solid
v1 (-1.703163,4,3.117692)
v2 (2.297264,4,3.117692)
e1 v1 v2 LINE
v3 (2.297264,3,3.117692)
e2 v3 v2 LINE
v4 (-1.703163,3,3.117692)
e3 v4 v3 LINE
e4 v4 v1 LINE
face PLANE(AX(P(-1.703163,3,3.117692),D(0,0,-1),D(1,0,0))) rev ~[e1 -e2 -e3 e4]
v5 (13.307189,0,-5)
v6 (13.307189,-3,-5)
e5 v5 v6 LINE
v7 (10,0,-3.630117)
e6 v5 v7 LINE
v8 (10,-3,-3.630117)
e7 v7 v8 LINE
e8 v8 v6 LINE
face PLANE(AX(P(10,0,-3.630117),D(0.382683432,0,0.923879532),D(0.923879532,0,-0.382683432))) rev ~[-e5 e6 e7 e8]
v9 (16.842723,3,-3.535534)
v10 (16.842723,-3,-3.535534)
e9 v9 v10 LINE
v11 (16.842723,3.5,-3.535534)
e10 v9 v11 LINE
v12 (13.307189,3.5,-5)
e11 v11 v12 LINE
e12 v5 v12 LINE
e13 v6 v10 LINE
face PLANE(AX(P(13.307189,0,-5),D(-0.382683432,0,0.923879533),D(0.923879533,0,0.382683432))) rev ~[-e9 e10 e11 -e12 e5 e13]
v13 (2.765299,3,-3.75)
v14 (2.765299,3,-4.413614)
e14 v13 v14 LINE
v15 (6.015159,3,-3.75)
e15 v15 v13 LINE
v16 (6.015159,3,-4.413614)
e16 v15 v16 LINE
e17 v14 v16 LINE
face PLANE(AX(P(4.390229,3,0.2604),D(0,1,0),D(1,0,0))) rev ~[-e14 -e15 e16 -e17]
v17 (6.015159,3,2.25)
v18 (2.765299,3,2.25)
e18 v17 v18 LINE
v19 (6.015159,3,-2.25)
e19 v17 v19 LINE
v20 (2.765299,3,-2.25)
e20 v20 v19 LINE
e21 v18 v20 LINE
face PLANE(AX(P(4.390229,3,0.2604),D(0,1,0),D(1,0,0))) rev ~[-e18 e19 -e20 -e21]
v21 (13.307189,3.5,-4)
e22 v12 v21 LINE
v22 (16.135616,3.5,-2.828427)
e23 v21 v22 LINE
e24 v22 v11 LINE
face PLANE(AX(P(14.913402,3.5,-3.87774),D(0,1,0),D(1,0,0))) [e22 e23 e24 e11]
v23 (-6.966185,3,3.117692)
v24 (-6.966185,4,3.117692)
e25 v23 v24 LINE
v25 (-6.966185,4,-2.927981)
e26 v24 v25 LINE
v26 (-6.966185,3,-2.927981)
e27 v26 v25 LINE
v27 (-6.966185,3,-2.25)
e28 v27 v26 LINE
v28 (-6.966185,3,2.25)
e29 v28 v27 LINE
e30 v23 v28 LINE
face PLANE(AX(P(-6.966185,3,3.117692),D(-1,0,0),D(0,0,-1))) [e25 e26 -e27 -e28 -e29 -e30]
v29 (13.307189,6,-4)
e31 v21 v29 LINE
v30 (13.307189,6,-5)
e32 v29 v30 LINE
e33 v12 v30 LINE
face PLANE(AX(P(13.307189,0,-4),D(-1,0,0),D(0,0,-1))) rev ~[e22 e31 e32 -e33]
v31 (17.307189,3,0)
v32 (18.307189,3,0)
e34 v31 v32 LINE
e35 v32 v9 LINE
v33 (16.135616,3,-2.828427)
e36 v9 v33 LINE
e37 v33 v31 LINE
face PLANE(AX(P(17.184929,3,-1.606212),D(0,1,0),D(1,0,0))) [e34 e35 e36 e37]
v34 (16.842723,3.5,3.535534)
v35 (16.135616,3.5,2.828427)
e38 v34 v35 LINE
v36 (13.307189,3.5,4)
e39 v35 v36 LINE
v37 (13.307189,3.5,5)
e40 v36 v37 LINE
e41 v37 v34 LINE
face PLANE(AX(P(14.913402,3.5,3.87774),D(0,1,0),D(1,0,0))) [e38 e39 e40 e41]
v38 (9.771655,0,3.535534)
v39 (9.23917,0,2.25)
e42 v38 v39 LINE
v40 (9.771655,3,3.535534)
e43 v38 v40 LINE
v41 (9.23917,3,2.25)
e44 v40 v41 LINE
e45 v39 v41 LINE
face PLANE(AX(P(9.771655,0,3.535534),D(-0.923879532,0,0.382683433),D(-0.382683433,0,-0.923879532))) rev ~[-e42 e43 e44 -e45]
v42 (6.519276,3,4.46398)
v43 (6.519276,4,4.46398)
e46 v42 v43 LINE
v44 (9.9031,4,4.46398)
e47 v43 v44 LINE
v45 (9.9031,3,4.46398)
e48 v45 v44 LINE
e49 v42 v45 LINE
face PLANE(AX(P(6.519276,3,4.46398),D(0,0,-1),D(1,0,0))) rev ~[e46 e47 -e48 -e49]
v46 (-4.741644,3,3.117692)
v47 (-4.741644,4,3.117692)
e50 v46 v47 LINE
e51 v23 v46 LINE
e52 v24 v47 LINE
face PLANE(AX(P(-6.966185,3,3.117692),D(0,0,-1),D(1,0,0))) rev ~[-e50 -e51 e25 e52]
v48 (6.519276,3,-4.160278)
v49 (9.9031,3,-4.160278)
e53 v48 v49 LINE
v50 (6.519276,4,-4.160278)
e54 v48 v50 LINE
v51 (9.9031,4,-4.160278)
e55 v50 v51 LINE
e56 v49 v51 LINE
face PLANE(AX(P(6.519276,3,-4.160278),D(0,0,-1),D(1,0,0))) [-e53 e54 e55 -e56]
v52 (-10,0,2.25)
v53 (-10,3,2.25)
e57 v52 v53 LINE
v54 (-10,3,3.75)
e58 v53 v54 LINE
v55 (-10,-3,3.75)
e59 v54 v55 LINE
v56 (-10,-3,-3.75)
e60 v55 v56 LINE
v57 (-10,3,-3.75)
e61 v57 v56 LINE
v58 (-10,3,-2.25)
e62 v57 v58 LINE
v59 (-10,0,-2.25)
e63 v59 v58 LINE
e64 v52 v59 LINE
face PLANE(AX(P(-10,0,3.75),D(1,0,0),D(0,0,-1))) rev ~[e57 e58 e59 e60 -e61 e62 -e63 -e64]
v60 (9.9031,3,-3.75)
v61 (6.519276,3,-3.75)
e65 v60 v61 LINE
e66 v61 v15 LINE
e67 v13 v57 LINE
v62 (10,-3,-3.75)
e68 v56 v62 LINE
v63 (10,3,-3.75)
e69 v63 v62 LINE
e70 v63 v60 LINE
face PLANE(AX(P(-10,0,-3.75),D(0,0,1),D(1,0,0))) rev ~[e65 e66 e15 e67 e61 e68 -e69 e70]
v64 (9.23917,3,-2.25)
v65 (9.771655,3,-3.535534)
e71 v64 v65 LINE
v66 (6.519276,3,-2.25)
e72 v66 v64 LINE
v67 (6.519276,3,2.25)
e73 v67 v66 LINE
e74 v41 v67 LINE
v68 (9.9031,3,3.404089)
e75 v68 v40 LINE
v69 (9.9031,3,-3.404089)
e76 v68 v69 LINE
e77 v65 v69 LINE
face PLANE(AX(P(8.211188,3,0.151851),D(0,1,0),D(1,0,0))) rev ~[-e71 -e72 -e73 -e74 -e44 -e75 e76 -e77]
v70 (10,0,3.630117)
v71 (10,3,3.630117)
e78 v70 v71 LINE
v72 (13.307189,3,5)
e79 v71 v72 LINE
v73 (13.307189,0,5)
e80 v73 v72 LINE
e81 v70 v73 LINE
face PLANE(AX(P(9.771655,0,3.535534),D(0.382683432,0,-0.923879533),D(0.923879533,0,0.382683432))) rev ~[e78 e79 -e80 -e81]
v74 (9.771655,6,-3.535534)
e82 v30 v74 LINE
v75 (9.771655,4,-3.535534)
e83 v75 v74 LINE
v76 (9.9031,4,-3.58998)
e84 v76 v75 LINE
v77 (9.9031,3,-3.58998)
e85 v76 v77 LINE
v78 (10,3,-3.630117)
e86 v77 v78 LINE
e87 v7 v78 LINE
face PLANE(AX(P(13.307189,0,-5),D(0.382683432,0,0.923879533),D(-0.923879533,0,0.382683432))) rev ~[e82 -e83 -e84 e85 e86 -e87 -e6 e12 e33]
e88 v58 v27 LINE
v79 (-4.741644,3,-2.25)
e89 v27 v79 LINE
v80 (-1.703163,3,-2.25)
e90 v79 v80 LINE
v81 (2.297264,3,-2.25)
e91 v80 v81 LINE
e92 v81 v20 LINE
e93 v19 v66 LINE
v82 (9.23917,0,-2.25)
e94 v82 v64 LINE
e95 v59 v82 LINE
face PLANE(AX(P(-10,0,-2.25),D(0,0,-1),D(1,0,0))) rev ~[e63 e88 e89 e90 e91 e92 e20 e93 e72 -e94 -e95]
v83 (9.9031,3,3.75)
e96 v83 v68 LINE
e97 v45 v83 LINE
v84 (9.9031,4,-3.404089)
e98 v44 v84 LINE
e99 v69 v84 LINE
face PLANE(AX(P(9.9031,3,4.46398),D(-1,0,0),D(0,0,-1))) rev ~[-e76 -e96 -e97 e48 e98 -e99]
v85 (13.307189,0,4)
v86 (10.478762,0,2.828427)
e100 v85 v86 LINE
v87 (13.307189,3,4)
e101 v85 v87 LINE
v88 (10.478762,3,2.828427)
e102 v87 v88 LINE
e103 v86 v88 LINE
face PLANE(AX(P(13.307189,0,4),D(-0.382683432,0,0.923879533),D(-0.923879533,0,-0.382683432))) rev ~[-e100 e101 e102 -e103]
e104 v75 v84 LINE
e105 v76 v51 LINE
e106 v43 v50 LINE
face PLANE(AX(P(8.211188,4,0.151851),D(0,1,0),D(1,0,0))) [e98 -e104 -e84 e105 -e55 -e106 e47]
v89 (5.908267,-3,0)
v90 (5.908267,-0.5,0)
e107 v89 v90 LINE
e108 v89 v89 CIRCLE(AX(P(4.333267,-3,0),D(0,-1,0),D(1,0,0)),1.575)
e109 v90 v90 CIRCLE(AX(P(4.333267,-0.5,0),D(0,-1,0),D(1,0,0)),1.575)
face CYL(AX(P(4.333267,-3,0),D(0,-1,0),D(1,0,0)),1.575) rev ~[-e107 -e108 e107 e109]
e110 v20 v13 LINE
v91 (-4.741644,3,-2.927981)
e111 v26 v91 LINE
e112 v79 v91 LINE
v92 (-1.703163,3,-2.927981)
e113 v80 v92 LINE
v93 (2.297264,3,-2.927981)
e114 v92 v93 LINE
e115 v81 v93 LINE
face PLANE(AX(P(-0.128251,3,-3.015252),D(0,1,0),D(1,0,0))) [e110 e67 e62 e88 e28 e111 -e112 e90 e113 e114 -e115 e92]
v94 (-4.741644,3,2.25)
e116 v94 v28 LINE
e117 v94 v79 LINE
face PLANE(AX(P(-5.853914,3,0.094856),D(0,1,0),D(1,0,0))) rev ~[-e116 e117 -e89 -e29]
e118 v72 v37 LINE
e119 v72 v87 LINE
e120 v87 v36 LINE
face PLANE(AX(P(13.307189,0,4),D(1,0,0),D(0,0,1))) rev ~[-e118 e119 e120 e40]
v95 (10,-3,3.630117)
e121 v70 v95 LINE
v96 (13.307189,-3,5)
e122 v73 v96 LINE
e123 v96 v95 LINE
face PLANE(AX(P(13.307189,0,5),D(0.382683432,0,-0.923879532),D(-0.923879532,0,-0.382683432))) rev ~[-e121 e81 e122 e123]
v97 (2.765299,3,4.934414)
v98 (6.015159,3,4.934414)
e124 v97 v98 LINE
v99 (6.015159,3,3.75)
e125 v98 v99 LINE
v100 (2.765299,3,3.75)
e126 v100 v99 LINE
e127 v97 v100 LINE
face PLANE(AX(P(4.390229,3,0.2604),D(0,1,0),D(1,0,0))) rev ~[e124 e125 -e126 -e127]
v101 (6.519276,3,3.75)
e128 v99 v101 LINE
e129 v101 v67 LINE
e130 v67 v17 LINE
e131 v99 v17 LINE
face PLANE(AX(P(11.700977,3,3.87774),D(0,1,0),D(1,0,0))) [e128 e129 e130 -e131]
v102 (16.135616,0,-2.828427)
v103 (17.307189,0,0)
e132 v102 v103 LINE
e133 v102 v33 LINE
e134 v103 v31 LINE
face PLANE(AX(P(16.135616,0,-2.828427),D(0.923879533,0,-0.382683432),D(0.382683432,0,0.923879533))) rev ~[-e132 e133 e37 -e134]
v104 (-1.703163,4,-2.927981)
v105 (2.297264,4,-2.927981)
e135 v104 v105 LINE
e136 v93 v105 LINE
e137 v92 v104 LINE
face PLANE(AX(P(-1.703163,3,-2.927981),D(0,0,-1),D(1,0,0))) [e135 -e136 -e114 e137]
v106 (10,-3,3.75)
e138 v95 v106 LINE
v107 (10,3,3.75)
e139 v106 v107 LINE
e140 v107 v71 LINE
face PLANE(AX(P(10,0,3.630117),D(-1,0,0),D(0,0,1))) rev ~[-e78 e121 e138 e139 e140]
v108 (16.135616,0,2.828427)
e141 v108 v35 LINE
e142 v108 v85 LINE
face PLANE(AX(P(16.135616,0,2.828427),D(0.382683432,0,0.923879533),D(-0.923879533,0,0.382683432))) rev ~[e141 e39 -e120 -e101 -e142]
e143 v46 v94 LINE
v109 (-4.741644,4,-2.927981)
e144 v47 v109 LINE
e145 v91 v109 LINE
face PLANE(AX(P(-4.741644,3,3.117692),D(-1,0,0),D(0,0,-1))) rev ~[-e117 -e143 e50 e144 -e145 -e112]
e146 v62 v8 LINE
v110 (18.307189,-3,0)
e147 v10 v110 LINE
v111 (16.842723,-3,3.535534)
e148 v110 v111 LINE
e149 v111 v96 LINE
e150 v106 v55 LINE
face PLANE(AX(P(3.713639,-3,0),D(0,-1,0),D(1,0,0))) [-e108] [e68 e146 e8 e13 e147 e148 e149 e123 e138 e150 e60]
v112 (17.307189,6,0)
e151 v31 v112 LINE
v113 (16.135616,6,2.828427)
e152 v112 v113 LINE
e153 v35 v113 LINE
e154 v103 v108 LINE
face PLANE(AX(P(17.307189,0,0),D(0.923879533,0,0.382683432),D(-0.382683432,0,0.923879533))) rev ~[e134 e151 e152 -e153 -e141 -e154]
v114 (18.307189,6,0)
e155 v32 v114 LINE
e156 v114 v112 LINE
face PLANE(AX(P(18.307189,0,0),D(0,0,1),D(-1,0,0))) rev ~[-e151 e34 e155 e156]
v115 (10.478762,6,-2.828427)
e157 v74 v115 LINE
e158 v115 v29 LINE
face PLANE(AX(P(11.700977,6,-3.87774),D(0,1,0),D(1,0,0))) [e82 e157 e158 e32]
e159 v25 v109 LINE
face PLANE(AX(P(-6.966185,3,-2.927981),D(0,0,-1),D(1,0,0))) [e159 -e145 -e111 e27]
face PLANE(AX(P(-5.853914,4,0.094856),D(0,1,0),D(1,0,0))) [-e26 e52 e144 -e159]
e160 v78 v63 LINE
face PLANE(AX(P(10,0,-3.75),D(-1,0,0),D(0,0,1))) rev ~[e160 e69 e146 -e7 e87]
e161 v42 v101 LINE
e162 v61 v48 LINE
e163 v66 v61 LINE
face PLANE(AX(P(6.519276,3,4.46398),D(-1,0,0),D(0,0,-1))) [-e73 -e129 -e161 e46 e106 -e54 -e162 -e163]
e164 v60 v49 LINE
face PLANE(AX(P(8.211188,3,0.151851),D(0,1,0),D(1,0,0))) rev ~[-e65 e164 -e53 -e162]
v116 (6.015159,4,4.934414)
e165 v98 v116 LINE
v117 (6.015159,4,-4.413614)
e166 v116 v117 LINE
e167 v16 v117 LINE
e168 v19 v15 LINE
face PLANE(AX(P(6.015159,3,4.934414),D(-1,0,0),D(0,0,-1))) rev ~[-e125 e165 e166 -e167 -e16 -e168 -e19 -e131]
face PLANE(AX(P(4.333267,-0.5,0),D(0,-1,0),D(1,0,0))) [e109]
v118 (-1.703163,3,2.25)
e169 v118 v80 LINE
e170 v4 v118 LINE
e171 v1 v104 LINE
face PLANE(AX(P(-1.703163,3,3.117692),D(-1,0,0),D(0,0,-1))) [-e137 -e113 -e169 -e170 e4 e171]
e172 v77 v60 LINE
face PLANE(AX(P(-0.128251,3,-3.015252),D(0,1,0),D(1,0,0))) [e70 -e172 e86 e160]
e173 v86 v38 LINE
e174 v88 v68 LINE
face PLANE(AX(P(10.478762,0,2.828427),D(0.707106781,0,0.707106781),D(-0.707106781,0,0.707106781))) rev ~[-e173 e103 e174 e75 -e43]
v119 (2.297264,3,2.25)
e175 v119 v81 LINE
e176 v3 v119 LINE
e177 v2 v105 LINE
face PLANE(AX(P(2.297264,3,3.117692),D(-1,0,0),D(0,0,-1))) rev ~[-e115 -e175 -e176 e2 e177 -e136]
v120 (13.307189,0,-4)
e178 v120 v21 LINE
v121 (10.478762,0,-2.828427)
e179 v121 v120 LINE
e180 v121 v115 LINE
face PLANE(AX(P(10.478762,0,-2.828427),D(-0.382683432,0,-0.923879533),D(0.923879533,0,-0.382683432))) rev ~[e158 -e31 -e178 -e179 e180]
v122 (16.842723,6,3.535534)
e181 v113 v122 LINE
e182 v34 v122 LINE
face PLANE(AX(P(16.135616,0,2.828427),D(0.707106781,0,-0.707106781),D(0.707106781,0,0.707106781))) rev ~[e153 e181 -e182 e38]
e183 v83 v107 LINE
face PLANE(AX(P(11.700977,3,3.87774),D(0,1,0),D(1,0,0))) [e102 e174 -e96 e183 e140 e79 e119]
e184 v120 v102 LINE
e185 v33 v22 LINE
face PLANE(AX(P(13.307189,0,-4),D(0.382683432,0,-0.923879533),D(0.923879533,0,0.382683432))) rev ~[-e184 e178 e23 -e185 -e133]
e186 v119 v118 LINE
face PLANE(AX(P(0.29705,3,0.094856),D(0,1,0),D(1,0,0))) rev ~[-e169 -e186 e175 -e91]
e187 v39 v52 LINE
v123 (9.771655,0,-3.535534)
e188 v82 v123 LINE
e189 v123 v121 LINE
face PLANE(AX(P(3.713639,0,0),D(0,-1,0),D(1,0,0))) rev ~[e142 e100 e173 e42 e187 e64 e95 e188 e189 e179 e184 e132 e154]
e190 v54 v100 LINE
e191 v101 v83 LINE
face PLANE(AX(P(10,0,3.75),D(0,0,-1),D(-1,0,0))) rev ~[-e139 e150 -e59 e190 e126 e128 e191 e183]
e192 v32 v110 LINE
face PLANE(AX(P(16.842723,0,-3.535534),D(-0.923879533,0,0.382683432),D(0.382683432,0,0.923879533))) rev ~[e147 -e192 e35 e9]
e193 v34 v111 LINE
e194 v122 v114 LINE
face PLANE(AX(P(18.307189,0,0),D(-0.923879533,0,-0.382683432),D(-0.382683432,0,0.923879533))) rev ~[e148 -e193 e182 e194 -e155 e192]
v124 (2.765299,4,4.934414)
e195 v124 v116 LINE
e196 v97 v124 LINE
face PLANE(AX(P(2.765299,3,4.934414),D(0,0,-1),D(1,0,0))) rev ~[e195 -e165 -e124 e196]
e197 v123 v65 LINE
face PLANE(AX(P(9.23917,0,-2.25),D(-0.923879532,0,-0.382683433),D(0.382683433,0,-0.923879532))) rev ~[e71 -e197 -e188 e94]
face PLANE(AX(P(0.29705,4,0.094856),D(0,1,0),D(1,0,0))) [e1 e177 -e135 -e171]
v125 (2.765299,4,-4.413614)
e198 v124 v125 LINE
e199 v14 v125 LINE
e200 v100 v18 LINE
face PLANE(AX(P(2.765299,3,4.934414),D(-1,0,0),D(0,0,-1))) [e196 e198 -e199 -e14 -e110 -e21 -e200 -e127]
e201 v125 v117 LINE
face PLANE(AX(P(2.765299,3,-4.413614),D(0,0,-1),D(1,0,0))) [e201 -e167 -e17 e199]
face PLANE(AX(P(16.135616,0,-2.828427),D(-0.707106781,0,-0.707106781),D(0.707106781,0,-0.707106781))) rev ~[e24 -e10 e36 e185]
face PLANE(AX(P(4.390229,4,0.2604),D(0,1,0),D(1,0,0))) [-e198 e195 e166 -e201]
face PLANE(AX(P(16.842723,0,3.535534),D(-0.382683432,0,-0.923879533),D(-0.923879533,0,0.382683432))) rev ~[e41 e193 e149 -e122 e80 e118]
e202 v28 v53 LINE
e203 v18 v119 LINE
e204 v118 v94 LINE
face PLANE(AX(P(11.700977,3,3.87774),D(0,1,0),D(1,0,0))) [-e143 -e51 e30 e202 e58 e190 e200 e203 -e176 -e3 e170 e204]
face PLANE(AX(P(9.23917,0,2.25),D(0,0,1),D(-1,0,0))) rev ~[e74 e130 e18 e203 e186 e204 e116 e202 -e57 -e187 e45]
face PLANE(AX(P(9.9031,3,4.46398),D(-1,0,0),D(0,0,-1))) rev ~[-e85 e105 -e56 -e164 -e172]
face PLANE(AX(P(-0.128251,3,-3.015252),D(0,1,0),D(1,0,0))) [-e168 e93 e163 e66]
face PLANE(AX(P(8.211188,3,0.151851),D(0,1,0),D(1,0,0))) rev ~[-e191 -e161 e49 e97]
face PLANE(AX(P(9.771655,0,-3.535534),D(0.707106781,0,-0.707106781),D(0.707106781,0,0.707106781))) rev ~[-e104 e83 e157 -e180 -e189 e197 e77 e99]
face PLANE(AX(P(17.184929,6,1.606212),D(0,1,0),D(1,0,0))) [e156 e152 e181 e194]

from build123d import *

# Parameters (mm, degrees)
SALIENTE_EXTRUIR1_DEPTH   = 3
SALIENTE_EXTRUIR1_2_DEPTH = 3
SALIENTE_EXTRUIR2_DEPTH   = 6
SALIENTE_EXTRUIR2_2_DEPTH = 6
SALIENTE_EXTRUIR3_DEPTH   = 3.5
SALIENTE_EXTRUIR3_2_DEPTH = 3.5
SALIENTE_EXTRUIR4_DEPTH   = 3
SALIENTE_EXTRUIR4_2_DEPTH = 3
SALIENTE_EXTRUIR5_DEPTH   = 3
CROQUIS3_R                = 1.575
CORTAR_EXTRUIR1_DEPTH     = 2.5
CROQUIS4_W                = 3.383823373
CROQUIS4_H                = 8.6242578
CROQUIS4_W_2              = 3.249859327
CROQUIS4_H_2              = 9.348028676
CROQUIS4_W_3              = 4.000427531
CROQUIS4_H_3              = 6.045673659
CROQUIS4_W_4              = 2.224540958
SALIENTE_EXTRUIR6_DEPTH   = 1


with BuildPart() as part:
    # Croquis1 → Saliente-Extruir1 (new body)
    with BuildSketch(Plane(origin=(0, 0, 0), x_dir=(1, 0, 0), z_dir=(0, 1, 0))):
        Polygon((-10, -2.25), (-10, -3.75), (10, -3.75), (10, -3.630117405), (9.771655233, -3.535533906), (9.239169654, -2.25), align=None)
    extrude(amount=SALIENTE_EXTRUIR1_DEPTH)



with BuildPart() as body_2:
    # Croquis1 → Saliente-Extruir1 2 (new body)
    with BuildSketch(Plane(origin=(0, 0, 0), x_dir=(1, 0, 0), z_dir=(0, 1, 0))):
        Polygon((-10, 3.75), (-10, 2.25), (9.239169654, 2.25), (9.771655233, 3.535533906), (10, 3.630117405), (10, 3.75), align=None)
    extrude(amount=SALIENTE_EXTRUIR1_2_DEPTH)


with BuildPart() as body_3:
    # Croquis1<3> → Saliente-Extruir2 (new body)
    with BuildSketch(Plane(origin=(0, 0, 0), x_dir=(1, 0, 0), z_dir=(0, 1, 0))):
        Polygon((16.135616264, -2.828427125), (16.842723045, -3.535533906), (18.307189139, 0), (17.307189139, 0), align=None)
    extrude(amount=SALIENTE_EXTRUIR2_DEPTH)


with BuildPart() as body_4:
    # Croquis1<3> → Saliente-Extruir2 2 (new body)
    with BuildSketch(Plane(origin=(0, 0, 0), x_dir=(1, 0, 0), z_dir=(0, 1, 0))):
        Polygon((9.771655233, 3.535533906), (10.478762014, 2.828427125), (13.307189139, 4), (13.307189139, 5), align=None)
    extrude(amount=SALIENTE_EXTRUIR2_2_DEPTH)


with BuildPart() as body_5:
    # Croquis1<4> → Saliente-Extruir3 (new body)
    with BuildSketch(Plane(origin=(0, 0, 0), x_dir=(1, 0, 0), z_dir=(0, 1, 0))):
        Polygon((13.307189139, -4), (13.307189139, -5), (16.842723045, -3.535533906), (16.135616264, -2.828427125), align=None)
    extrude(amount=SALIENTE_EXTRUIR3_DEPTH)


with BuildPart() as body_6:
    # Croquis1<4> → Saliente-Extruir3 2 (new body)
    with BuildSketch(Plane(origin=(0, 0, 0), x_dir=(1, 0, 0), z_dir=(0, 1, 0))):
        Polygon((16.135616264, 2.828427125), (16.842723045, 3.535533906), (13.307189139, 5), (13.307189139, 4), align=None)
    extrude(amount=SALIENTE_EXTRUIR3_2_DEPTH)


with BuildPart() as body_7:
    # Croquis1<5> → Saliente-Extruir4 (new body)
    with BuildSketch(Plane(origin=(0, 0, 0), x_dir=(1, 0, 0), z_dir=(0, 1, 0))):
        Polygon((9.771655233, -3.535533906), (13.307189139, -5), (13.307189139, -4), (10.478762014, -2.828427125), align=None)
    extrude(amount=SALIENTE_EXTRUIR4_DEPTH)


with BuildPart() as body_8:
    # Croquis1<5> → Saliente-Extruir4 2 (new body)
    with BuildSketch(Plane(origin=(0, 0, 0), x_dir=(1, 0, 0), z_dir=(0, 1, 0))):
        Polygon((17.307189139, 0), (18.307189139, 0), (16.842723045, 3.535533906), (16.135616264, 2.828427125), align=None)
    extrude(amount=SALIENTE_EXTRUIR4_2_DEPTH)


with BuildPart() as part_1:
    add(part.part)

    add(body_2.part)  # Saliente-Extruir5 merges body 2

    add(body_3.part)  # Saliente-Extruir5 merges body 3

    add(body_4.part)  # Saliente-Extruir5 merges body 4

    add(body_5.part)  # Saliente-Extruir5 merges body 5

    add(body_6.part)  # Saliente-Extruir5 merges body 6

    add(body_7.part)  # Saliente-Extruir5 merges body 7

    add(body_8.part)  # Saliente-Extruir5 merges body 8
    # Croquis2 → Saliente-Extruir5 (add)
    with BuildSketch(Plane.XZ):
        Polygon((10, 3.75), (-10, 3.75), (-10, -3.75), (10, -3.75), (10, -3.630117405), (13.307189139, -5), (16.842723045, -3.535533906), (18.307189139, 0), (16.842723045, 3.535533906), (13.307189139, 5), (10, 3.630117405), align=None)
    extrude(amount=SALIENTE_EXTRUIR5_DEPTH)

    # Croquis3 → Cortar-Extruir1 (cut)
    with BuildSketch(Plane.XZ.offset(3)):
        with Locations((4.333266607, 0)):
            Circle(CROQUIS3_R)
    extrude(amount=-CORTAR_EXTRUIR1_DEPTH, mode=Mode.SUBTRACT)

    # Croquis4 → Saliente-Extruir6 (add)
    with BuildSketch(Plane(origin=(0, 3, 0), x_dir=(1, 0, 0), z_dir=(0, 1, 0))):
        with Locations((8.211188083, -0.151851299)):
            Rectangle(CROQUIS4_W, CROQUIS4_H)
        with Locations((4.390228963, -0.260399993)):
            Rectangle(CROQUIS4_W_2, CROQUIS4_H_2)
        with Locations((0.297050365, -0.094855663)):
            Rectangle(CROQUIS4_W_3, CROQUIS4_H_3)
        with Locations((-5.85391415, -0.094855663)):
            Rectangle(CROQUIS4_W_4, CROQUIS4_H_3)
    extrude(amount=SALIENTE_EXTRUIR6_DEPTH)


solid = part_1.part
